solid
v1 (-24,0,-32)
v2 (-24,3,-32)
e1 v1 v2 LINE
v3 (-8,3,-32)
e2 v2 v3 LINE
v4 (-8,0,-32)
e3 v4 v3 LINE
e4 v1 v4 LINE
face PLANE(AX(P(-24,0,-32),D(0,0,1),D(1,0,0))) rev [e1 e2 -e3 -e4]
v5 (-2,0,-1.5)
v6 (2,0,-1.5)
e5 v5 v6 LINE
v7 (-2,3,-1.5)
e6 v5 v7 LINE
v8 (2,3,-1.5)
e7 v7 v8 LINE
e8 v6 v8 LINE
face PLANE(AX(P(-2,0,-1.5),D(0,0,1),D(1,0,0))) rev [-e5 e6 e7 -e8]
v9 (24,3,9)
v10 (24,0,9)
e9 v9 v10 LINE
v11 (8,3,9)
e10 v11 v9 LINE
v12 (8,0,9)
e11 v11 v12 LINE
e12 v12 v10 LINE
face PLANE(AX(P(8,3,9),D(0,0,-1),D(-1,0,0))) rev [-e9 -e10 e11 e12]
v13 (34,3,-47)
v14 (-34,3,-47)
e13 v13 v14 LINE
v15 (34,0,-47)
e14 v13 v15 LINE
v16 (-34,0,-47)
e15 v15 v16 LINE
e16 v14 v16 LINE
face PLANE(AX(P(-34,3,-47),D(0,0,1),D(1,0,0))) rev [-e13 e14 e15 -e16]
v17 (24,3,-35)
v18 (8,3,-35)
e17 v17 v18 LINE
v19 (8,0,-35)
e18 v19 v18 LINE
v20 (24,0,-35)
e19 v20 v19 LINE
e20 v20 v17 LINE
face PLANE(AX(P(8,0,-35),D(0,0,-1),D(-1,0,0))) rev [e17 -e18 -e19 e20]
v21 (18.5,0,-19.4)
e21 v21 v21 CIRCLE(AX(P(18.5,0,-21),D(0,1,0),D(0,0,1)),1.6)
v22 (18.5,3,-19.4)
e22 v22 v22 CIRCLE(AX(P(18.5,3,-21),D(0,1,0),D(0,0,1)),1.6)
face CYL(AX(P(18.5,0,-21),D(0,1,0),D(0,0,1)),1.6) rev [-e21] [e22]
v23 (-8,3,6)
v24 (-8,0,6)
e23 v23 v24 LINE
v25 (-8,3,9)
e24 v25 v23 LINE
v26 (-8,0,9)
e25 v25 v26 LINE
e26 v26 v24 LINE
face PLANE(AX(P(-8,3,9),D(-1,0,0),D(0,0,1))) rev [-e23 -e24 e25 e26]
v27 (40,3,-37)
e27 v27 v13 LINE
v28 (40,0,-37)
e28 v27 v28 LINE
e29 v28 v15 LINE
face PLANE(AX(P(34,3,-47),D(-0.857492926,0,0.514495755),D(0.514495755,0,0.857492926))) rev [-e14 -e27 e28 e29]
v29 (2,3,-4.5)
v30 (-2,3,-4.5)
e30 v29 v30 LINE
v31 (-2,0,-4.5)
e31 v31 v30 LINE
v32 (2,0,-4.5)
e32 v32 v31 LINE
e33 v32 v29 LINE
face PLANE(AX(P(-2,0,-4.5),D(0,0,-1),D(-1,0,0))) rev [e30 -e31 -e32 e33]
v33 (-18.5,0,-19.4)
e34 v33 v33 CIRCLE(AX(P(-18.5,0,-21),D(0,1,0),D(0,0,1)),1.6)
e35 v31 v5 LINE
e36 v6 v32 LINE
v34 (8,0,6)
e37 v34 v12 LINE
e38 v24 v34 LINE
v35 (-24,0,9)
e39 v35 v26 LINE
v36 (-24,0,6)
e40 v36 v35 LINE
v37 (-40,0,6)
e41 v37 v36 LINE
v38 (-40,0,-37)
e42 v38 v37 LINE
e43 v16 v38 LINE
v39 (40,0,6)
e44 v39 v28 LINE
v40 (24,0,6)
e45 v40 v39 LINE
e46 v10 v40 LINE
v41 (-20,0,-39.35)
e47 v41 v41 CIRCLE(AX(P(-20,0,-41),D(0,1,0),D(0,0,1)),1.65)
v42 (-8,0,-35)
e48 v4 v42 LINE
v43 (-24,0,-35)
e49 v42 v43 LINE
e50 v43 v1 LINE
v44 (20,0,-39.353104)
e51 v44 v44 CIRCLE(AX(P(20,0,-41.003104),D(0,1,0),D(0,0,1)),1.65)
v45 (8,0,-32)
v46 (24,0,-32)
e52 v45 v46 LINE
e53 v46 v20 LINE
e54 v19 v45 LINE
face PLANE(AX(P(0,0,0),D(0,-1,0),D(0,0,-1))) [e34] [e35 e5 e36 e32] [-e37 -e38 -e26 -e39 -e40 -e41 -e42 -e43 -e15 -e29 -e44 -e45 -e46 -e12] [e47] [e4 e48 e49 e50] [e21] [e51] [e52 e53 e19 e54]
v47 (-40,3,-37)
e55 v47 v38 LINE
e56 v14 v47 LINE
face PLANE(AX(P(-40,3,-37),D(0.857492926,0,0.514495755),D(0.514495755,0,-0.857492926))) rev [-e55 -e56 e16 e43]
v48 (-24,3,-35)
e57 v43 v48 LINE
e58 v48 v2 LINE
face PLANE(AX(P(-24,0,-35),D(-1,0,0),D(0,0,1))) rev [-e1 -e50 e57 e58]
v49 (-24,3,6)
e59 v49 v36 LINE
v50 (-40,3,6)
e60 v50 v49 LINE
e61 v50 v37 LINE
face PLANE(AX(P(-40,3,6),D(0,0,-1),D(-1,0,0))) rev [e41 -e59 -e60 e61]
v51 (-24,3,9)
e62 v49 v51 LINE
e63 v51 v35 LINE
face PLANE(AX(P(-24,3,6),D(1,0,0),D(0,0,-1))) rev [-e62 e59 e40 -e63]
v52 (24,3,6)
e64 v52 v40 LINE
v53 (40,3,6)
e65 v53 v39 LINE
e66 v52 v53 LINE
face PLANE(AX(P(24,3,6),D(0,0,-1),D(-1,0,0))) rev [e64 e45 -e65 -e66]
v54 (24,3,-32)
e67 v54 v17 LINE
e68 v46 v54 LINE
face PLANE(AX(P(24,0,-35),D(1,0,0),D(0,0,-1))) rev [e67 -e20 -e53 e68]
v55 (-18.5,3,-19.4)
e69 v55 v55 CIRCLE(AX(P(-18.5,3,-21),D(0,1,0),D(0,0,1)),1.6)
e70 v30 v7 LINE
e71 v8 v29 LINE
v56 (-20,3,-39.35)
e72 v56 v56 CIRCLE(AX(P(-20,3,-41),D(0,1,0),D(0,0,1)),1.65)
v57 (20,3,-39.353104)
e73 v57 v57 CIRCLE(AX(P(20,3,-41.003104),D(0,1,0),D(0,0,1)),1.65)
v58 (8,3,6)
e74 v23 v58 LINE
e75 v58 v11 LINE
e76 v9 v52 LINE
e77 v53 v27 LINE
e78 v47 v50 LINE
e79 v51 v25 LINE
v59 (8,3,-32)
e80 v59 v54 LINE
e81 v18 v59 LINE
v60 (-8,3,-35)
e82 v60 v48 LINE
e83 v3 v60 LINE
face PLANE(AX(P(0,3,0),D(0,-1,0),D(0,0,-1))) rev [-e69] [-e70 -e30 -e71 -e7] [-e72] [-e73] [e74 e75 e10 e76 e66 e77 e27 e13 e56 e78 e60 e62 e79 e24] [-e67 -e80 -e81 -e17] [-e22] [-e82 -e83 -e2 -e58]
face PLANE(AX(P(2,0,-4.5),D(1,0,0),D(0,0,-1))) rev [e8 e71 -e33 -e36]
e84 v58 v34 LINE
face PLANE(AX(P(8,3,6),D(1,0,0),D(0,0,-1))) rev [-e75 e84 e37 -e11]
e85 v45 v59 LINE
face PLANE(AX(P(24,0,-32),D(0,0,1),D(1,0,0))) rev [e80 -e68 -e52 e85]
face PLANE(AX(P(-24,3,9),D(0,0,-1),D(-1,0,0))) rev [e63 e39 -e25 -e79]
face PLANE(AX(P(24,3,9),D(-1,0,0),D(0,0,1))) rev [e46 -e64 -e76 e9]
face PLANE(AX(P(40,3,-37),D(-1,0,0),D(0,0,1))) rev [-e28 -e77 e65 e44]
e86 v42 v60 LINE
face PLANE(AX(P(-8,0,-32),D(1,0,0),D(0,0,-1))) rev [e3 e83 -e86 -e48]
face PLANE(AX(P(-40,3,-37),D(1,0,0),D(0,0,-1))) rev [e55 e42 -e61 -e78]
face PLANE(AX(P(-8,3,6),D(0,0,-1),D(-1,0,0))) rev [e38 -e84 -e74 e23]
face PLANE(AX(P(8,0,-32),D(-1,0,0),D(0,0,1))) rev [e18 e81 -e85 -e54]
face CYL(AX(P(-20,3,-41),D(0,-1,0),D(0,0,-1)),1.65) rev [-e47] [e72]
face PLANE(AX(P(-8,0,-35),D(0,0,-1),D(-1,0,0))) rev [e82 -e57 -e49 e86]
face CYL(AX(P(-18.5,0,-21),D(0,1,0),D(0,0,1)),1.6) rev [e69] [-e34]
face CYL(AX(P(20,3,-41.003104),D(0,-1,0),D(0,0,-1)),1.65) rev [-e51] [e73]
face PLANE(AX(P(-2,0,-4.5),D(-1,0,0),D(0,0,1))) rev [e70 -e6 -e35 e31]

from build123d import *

# Parameters (mm, degrees)
SKETCH1_R           = 1.65
BOSS_EXTRUDE1_DEPTH = 3
SKETCH2_R           = 1.6
SKETCH2_W           = 4
SKETCH2_H           = 3
SKETCH2_W_2         = 16
CUT_EXTRUDE1_DEPTH  = 4


with BuildPart() as part:
    # Sketch1 → Boss-Extrude1 (new body)
    with BuildSketch(Plane(origin=(0, 0, 0), x_dir=(1, 0, 0), z_dir=(0, 1, 0))):
        Polygon((-40, 37), (-34, 47), (34, 47), (40, 37), (40, -6), (24, -6), (24, -9), (8, -9), (8, -6), (-8, -6), (-8, -9), (-24, -9), (-24, -6), (-40, -6), align=None)
        with Locations((-20, 41)):
            Circle(SKETCH1_R, mode=Mode.SUBTRACT)
        with Locations((20, 41.003103662)):
            Circle(SKETCH1_R, mode=Mode.SUBTRACT)
    extrude(amount=BOSS_EXTRUDE1_DEPTH)

    # Sketch2 → Cut-Extrude1 (cut, through all)
    with BuildSketch(Plane(origin=(0, 3, 0), x_dir=(1, 0, 0), z_dir=(0, 1, 0))):
        with Locations((-18.5, 21)):
            Circle(SKETCH2_R)
        with Locations((18.5, 21)):
            Circle(SKETCH2_R)
        with Locations((0, 3)):
            Rectangle(SKETCH2_W, SKETCH2_H)
        with Locations((-16, 33.5)):
            Rectangle(SKETCH2_W_2, SKETCH2_H)
        with Locations((16, 33.5)):
            Rectangle(SKETCH2_W_2, SKETCH2_H)
    extrude(amount=-CUT_EXTRUDE1_DEPTH, mode=Mode.SUBTRACT)


solid = part.part
